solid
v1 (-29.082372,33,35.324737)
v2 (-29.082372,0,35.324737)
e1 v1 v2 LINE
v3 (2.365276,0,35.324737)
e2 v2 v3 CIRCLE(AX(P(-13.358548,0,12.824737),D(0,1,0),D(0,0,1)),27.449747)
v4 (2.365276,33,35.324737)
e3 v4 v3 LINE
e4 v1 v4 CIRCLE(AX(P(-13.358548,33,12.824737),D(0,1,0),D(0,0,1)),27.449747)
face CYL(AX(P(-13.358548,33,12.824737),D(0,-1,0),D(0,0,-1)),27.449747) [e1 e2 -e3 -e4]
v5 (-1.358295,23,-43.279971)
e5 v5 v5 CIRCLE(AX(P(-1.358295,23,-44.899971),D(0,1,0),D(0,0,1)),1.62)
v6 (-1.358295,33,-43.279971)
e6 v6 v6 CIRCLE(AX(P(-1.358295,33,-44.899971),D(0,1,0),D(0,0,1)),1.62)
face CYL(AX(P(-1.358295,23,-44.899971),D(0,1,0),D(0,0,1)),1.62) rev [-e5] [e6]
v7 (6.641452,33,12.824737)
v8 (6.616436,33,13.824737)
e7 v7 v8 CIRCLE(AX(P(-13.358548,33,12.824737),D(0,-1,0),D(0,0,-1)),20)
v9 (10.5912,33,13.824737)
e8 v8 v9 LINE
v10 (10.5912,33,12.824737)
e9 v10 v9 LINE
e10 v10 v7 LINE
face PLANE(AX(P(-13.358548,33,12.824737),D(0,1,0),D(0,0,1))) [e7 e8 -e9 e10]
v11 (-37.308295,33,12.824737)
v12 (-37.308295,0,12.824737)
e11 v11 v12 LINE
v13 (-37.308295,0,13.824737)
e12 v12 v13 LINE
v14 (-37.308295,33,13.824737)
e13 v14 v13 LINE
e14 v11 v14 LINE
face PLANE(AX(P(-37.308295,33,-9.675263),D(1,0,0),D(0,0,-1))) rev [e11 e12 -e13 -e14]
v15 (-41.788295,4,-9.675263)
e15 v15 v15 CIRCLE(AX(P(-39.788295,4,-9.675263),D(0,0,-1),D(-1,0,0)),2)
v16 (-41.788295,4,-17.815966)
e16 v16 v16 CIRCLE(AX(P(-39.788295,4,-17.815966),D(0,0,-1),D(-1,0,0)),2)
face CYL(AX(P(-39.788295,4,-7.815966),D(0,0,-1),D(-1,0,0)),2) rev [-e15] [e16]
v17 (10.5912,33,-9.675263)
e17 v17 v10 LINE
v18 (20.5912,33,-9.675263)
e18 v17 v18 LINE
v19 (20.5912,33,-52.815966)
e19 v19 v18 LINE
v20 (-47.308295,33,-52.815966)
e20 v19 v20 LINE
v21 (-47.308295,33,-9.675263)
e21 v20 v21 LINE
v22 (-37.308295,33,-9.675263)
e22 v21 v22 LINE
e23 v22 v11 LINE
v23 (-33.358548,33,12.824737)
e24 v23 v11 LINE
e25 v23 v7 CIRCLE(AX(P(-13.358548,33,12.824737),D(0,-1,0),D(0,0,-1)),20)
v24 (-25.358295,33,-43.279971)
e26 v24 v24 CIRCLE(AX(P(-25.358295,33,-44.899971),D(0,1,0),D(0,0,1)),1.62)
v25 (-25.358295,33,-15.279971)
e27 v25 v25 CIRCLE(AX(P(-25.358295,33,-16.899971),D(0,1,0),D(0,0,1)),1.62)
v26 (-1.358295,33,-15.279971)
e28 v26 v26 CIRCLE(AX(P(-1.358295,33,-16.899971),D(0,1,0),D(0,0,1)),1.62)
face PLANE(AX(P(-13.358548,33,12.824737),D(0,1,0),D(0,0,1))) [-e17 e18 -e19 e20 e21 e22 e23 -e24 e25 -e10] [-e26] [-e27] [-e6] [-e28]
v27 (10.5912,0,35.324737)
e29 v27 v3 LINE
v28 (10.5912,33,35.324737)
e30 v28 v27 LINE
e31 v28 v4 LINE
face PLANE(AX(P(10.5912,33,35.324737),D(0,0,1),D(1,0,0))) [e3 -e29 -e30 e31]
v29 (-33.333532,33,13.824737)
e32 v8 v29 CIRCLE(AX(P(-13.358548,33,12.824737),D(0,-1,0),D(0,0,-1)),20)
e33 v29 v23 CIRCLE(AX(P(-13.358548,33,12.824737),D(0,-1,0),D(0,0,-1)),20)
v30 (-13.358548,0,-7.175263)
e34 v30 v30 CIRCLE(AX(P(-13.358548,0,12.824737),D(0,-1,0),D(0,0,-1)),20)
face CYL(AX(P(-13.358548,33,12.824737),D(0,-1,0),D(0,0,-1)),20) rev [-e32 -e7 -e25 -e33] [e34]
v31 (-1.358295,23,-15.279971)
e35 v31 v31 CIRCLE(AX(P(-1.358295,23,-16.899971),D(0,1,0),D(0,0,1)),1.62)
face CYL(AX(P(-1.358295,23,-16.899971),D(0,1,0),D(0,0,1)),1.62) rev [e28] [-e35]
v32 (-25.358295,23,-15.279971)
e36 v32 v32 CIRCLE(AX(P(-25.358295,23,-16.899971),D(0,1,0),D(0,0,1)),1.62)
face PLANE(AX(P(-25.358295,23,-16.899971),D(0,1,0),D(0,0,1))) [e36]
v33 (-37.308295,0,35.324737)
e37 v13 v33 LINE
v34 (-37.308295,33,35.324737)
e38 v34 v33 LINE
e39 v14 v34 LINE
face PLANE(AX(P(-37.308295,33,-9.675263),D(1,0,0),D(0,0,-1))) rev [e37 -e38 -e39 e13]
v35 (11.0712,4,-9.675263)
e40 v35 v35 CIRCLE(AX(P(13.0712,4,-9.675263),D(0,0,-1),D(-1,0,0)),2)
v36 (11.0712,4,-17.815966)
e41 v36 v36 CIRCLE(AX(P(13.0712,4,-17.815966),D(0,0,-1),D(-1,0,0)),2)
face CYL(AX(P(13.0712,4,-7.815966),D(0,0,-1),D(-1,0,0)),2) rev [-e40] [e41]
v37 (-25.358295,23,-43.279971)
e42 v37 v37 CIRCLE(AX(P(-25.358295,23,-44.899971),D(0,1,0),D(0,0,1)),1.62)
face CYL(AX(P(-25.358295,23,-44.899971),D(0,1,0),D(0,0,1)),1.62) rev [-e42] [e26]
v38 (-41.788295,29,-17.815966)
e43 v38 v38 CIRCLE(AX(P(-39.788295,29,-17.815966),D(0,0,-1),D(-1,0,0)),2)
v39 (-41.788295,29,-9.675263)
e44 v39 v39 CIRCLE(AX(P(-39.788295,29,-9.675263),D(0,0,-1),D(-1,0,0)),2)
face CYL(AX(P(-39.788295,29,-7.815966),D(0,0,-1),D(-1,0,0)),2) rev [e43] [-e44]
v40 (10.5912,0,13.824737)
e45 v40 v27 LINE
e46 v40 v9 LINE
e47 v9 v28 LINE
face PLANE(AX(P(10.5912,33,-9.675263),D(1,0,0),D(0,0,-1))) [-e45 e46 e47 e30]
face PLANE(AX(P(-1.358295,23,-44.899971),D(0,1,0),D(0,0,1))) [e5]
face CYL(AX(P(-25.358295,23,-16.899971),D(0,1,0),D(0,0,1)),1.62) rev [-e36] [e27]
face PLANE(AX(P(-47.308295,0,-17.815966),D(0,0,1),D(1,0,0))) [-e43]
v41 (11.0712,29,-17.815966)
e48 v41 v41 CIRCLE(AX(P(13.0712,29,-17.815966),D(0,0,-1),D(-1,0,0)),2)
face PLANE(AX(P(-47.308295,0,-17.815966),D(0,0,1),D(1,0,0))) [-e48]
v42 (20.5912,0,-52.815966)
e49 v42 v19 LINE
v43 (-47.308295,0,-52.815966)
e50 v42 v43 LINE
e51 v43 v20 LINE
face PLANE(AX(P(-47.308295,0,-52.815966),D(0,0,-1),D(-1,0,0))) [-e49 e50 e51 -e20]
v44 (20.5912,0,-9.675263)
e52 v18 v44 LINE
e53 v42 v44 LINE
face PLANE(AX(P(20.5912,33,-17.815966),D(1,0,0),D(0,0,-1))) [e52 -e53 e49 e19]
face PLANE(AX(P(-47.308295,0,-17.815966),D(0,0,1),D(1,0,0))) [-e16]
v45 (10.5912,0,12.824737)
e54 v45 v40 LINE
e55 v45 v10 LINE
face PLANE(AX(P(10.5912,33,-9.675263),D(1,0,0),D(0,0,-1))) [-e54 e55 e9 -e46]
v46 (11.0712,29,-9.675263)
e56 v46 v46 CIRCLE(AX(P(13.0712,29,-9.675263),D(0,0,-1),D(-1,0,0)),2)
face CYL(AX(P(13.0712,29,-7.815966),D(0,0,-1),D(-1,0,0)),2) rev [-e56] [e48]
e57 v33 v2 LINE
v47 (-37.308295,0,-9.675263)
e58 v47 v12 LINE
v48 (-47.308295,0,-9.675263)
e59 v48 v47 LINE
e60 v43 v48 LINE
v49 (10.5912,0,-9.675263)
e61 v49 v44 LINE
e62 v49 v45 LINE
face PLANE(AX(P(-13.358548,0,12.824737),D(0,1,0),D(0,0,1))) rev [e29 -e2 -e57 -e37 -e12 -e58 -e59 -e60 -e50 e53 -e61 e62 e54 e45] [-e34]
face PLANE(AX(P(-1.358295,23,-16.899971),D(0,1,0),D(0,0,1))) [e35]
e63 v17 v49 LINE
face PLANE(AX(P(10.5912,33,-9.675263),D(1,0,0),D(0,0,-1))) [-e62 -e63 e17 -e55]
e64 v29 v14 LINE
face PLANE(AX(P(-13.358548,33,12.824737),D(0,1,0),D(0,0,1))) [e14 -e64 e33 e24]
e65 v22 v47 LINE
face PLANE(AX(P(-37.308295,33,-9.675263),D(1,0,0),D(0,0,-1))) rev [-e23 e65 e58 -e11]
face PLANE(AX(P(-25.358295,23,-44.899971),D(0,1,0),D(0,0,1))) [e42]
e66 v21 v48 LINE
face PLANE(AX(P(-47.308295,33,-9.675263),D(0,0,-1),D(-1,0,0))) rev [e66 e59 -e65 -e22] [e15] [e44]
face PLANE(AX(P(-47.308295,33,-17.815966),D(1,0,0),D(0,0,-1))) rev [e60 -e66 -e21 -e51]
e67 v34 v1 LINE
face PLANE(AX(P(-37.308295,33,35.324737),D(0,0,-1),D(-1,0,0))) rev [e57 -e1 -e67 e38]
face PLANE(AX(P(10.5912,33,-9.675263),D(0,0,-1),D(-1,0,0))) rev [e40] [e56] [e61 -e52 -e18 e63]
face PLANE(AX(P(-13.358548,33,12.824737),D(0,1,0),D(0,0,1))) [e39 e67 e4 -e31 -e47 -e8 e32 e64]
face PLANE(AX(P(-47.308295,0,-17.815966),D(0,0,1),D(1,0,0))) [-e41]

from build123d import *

# Parameters (mm, degrees)
SKETCH1_R           = 18
BOSS_EXTRUDE3_DEPTH = 33
SKETCH12_R          = 2
CUT_EXTRUDE1_DEPTH  = 10
SKETCH13_W          = 67.899494937
SKETCH13_H          = 35
BOSS_EXTRUDE4_DEPTH = 33
SKETCH14_R          = 1.62
CUT_EXTRUDE2_DEPTH  = 10
SKETCH15_R          = 20
CUT_EXTRUDE3_DEPTH  = 79.208702146


with BuildPart() as part:
    # Sketch1 → Boss-Extrude3 (new body)
    with BuildSketch(Plane(origin=(0, 0, 0), x_dir=(1, 0, 0), z_dir=(0, 1, 0))):
        with BuildLine():
            Line((-47.308295415, 17.815966111), (20.591199522, 17.815966111))
            Line((20.591199522, 17.815966111), (20.591199522, 9.675262593))
            Line((20.591199522, 9.675262593), (10.591199522, 9.675262593))
            Line((10.591199522, 9.675262593), (10.591199522, -35.324737407))
            Line((10.591199522, -35.324737407), (2.365275891, -35.324737407))
            ThreePointArc((2.365275891, -35.324737407), (-13.358547947, -40.274484875), (-29.082371784, -35.324737407))
            Line((-29.082371784, -35.324737407), (-37.308295415, -35.324737407))
            Line((-37.308295415, -35.324737407), (-37.308295415, 9.675262593))
            Line((-37.308295415, 9.675262593), (-47.308295415, 9.675262593))
            Line((-47.308295415, 9.675262593), (-47.308295415, 17.815966111))
        make_face()
        with Locations(Location((-13.358547947, -12.824737407, 0), (0, 0, 270))):
            Circle(SKETCH1_R, mode=Mode.SUBTRACT)
    extrude(amount=BOSS_EXTRUDE3_DEPTH)

    # Sketch12 → Cut-Extrude1 (cut)
    with BuildSketch(Plane(origin=(0, 0, -17.815966111), x_dir=(-1, 0, 0), z_dir=(0, 0, -1))):
        with Locations((39.788295415, 4)):
            Circle(SKETCH12_R)
        with Locations((39.788295415, 29)):
            Circle(SKETCH12_R)
        with Locations((-13.071199522, 29)):
            Circle(SKETCH12_R)
        with Locations((-13.071199522, 4)):
            Circle(SKETCH12_R)
    extrude(amount=-CUT_EXTRUDE1_DEPTH, mode=Mode.SUBTRACT)

    # Sketch13 → Boss-Extrude4 (add)
    with BuildSketch(Plane(origin=(0, 33, 0), x_dir=(1, 0, 0), z_dir=(0, 1, 0))):
        with Locations((-13.358547947, 35.315966111)):
            Rectangle(SKETCH13_W, SKETCH13_H)
    extrude(amount=-BOSS_EXTRUDE4_DEPTH)

    # Sketch14 → Cut-Extrude2 (cut)
    with BuildSketch(Plane(origin=(0, 33, 0), x_dir=(1, 0, 0), z_dir=(0, 1, 0))):
        with Locations(Location((-25.358295415, 16.899970921, 0), (0, 0, 270))):
            Circle(SKETCH14_R)
        with Locations(Location((-1.358295415, 16.899970921, 0), (0, 0, 270))):
            Circle(SKETCH14_R)
        with Locations(Location((-25.358295415, 44.899970921, 0), (0, 0, 270))):
            Circle(SKETCH14_R)
        with Locations(Location((-1.358295415, 44.899970921, 0), (0, 0, 270))):
            Circle(SKETCH14_R)
    extrude(amount=-CUT_EXTRUDE2_DEPTH, mode=Mode.SUBTRACT)

    # Sketch15 → Cut-Extrude3 (cut, through all)
    with BuildSketch(Plane.XZ):
        with Locations(Location((-13.358547947, 12.824737407, 0), (0, 0, 270))):
            Circle(SKETCH15_R)
    extrude(amount=-CUT_EXTRUDE3_DEPTH, mode=Mode.SUBTRACT)


solid = part.part
